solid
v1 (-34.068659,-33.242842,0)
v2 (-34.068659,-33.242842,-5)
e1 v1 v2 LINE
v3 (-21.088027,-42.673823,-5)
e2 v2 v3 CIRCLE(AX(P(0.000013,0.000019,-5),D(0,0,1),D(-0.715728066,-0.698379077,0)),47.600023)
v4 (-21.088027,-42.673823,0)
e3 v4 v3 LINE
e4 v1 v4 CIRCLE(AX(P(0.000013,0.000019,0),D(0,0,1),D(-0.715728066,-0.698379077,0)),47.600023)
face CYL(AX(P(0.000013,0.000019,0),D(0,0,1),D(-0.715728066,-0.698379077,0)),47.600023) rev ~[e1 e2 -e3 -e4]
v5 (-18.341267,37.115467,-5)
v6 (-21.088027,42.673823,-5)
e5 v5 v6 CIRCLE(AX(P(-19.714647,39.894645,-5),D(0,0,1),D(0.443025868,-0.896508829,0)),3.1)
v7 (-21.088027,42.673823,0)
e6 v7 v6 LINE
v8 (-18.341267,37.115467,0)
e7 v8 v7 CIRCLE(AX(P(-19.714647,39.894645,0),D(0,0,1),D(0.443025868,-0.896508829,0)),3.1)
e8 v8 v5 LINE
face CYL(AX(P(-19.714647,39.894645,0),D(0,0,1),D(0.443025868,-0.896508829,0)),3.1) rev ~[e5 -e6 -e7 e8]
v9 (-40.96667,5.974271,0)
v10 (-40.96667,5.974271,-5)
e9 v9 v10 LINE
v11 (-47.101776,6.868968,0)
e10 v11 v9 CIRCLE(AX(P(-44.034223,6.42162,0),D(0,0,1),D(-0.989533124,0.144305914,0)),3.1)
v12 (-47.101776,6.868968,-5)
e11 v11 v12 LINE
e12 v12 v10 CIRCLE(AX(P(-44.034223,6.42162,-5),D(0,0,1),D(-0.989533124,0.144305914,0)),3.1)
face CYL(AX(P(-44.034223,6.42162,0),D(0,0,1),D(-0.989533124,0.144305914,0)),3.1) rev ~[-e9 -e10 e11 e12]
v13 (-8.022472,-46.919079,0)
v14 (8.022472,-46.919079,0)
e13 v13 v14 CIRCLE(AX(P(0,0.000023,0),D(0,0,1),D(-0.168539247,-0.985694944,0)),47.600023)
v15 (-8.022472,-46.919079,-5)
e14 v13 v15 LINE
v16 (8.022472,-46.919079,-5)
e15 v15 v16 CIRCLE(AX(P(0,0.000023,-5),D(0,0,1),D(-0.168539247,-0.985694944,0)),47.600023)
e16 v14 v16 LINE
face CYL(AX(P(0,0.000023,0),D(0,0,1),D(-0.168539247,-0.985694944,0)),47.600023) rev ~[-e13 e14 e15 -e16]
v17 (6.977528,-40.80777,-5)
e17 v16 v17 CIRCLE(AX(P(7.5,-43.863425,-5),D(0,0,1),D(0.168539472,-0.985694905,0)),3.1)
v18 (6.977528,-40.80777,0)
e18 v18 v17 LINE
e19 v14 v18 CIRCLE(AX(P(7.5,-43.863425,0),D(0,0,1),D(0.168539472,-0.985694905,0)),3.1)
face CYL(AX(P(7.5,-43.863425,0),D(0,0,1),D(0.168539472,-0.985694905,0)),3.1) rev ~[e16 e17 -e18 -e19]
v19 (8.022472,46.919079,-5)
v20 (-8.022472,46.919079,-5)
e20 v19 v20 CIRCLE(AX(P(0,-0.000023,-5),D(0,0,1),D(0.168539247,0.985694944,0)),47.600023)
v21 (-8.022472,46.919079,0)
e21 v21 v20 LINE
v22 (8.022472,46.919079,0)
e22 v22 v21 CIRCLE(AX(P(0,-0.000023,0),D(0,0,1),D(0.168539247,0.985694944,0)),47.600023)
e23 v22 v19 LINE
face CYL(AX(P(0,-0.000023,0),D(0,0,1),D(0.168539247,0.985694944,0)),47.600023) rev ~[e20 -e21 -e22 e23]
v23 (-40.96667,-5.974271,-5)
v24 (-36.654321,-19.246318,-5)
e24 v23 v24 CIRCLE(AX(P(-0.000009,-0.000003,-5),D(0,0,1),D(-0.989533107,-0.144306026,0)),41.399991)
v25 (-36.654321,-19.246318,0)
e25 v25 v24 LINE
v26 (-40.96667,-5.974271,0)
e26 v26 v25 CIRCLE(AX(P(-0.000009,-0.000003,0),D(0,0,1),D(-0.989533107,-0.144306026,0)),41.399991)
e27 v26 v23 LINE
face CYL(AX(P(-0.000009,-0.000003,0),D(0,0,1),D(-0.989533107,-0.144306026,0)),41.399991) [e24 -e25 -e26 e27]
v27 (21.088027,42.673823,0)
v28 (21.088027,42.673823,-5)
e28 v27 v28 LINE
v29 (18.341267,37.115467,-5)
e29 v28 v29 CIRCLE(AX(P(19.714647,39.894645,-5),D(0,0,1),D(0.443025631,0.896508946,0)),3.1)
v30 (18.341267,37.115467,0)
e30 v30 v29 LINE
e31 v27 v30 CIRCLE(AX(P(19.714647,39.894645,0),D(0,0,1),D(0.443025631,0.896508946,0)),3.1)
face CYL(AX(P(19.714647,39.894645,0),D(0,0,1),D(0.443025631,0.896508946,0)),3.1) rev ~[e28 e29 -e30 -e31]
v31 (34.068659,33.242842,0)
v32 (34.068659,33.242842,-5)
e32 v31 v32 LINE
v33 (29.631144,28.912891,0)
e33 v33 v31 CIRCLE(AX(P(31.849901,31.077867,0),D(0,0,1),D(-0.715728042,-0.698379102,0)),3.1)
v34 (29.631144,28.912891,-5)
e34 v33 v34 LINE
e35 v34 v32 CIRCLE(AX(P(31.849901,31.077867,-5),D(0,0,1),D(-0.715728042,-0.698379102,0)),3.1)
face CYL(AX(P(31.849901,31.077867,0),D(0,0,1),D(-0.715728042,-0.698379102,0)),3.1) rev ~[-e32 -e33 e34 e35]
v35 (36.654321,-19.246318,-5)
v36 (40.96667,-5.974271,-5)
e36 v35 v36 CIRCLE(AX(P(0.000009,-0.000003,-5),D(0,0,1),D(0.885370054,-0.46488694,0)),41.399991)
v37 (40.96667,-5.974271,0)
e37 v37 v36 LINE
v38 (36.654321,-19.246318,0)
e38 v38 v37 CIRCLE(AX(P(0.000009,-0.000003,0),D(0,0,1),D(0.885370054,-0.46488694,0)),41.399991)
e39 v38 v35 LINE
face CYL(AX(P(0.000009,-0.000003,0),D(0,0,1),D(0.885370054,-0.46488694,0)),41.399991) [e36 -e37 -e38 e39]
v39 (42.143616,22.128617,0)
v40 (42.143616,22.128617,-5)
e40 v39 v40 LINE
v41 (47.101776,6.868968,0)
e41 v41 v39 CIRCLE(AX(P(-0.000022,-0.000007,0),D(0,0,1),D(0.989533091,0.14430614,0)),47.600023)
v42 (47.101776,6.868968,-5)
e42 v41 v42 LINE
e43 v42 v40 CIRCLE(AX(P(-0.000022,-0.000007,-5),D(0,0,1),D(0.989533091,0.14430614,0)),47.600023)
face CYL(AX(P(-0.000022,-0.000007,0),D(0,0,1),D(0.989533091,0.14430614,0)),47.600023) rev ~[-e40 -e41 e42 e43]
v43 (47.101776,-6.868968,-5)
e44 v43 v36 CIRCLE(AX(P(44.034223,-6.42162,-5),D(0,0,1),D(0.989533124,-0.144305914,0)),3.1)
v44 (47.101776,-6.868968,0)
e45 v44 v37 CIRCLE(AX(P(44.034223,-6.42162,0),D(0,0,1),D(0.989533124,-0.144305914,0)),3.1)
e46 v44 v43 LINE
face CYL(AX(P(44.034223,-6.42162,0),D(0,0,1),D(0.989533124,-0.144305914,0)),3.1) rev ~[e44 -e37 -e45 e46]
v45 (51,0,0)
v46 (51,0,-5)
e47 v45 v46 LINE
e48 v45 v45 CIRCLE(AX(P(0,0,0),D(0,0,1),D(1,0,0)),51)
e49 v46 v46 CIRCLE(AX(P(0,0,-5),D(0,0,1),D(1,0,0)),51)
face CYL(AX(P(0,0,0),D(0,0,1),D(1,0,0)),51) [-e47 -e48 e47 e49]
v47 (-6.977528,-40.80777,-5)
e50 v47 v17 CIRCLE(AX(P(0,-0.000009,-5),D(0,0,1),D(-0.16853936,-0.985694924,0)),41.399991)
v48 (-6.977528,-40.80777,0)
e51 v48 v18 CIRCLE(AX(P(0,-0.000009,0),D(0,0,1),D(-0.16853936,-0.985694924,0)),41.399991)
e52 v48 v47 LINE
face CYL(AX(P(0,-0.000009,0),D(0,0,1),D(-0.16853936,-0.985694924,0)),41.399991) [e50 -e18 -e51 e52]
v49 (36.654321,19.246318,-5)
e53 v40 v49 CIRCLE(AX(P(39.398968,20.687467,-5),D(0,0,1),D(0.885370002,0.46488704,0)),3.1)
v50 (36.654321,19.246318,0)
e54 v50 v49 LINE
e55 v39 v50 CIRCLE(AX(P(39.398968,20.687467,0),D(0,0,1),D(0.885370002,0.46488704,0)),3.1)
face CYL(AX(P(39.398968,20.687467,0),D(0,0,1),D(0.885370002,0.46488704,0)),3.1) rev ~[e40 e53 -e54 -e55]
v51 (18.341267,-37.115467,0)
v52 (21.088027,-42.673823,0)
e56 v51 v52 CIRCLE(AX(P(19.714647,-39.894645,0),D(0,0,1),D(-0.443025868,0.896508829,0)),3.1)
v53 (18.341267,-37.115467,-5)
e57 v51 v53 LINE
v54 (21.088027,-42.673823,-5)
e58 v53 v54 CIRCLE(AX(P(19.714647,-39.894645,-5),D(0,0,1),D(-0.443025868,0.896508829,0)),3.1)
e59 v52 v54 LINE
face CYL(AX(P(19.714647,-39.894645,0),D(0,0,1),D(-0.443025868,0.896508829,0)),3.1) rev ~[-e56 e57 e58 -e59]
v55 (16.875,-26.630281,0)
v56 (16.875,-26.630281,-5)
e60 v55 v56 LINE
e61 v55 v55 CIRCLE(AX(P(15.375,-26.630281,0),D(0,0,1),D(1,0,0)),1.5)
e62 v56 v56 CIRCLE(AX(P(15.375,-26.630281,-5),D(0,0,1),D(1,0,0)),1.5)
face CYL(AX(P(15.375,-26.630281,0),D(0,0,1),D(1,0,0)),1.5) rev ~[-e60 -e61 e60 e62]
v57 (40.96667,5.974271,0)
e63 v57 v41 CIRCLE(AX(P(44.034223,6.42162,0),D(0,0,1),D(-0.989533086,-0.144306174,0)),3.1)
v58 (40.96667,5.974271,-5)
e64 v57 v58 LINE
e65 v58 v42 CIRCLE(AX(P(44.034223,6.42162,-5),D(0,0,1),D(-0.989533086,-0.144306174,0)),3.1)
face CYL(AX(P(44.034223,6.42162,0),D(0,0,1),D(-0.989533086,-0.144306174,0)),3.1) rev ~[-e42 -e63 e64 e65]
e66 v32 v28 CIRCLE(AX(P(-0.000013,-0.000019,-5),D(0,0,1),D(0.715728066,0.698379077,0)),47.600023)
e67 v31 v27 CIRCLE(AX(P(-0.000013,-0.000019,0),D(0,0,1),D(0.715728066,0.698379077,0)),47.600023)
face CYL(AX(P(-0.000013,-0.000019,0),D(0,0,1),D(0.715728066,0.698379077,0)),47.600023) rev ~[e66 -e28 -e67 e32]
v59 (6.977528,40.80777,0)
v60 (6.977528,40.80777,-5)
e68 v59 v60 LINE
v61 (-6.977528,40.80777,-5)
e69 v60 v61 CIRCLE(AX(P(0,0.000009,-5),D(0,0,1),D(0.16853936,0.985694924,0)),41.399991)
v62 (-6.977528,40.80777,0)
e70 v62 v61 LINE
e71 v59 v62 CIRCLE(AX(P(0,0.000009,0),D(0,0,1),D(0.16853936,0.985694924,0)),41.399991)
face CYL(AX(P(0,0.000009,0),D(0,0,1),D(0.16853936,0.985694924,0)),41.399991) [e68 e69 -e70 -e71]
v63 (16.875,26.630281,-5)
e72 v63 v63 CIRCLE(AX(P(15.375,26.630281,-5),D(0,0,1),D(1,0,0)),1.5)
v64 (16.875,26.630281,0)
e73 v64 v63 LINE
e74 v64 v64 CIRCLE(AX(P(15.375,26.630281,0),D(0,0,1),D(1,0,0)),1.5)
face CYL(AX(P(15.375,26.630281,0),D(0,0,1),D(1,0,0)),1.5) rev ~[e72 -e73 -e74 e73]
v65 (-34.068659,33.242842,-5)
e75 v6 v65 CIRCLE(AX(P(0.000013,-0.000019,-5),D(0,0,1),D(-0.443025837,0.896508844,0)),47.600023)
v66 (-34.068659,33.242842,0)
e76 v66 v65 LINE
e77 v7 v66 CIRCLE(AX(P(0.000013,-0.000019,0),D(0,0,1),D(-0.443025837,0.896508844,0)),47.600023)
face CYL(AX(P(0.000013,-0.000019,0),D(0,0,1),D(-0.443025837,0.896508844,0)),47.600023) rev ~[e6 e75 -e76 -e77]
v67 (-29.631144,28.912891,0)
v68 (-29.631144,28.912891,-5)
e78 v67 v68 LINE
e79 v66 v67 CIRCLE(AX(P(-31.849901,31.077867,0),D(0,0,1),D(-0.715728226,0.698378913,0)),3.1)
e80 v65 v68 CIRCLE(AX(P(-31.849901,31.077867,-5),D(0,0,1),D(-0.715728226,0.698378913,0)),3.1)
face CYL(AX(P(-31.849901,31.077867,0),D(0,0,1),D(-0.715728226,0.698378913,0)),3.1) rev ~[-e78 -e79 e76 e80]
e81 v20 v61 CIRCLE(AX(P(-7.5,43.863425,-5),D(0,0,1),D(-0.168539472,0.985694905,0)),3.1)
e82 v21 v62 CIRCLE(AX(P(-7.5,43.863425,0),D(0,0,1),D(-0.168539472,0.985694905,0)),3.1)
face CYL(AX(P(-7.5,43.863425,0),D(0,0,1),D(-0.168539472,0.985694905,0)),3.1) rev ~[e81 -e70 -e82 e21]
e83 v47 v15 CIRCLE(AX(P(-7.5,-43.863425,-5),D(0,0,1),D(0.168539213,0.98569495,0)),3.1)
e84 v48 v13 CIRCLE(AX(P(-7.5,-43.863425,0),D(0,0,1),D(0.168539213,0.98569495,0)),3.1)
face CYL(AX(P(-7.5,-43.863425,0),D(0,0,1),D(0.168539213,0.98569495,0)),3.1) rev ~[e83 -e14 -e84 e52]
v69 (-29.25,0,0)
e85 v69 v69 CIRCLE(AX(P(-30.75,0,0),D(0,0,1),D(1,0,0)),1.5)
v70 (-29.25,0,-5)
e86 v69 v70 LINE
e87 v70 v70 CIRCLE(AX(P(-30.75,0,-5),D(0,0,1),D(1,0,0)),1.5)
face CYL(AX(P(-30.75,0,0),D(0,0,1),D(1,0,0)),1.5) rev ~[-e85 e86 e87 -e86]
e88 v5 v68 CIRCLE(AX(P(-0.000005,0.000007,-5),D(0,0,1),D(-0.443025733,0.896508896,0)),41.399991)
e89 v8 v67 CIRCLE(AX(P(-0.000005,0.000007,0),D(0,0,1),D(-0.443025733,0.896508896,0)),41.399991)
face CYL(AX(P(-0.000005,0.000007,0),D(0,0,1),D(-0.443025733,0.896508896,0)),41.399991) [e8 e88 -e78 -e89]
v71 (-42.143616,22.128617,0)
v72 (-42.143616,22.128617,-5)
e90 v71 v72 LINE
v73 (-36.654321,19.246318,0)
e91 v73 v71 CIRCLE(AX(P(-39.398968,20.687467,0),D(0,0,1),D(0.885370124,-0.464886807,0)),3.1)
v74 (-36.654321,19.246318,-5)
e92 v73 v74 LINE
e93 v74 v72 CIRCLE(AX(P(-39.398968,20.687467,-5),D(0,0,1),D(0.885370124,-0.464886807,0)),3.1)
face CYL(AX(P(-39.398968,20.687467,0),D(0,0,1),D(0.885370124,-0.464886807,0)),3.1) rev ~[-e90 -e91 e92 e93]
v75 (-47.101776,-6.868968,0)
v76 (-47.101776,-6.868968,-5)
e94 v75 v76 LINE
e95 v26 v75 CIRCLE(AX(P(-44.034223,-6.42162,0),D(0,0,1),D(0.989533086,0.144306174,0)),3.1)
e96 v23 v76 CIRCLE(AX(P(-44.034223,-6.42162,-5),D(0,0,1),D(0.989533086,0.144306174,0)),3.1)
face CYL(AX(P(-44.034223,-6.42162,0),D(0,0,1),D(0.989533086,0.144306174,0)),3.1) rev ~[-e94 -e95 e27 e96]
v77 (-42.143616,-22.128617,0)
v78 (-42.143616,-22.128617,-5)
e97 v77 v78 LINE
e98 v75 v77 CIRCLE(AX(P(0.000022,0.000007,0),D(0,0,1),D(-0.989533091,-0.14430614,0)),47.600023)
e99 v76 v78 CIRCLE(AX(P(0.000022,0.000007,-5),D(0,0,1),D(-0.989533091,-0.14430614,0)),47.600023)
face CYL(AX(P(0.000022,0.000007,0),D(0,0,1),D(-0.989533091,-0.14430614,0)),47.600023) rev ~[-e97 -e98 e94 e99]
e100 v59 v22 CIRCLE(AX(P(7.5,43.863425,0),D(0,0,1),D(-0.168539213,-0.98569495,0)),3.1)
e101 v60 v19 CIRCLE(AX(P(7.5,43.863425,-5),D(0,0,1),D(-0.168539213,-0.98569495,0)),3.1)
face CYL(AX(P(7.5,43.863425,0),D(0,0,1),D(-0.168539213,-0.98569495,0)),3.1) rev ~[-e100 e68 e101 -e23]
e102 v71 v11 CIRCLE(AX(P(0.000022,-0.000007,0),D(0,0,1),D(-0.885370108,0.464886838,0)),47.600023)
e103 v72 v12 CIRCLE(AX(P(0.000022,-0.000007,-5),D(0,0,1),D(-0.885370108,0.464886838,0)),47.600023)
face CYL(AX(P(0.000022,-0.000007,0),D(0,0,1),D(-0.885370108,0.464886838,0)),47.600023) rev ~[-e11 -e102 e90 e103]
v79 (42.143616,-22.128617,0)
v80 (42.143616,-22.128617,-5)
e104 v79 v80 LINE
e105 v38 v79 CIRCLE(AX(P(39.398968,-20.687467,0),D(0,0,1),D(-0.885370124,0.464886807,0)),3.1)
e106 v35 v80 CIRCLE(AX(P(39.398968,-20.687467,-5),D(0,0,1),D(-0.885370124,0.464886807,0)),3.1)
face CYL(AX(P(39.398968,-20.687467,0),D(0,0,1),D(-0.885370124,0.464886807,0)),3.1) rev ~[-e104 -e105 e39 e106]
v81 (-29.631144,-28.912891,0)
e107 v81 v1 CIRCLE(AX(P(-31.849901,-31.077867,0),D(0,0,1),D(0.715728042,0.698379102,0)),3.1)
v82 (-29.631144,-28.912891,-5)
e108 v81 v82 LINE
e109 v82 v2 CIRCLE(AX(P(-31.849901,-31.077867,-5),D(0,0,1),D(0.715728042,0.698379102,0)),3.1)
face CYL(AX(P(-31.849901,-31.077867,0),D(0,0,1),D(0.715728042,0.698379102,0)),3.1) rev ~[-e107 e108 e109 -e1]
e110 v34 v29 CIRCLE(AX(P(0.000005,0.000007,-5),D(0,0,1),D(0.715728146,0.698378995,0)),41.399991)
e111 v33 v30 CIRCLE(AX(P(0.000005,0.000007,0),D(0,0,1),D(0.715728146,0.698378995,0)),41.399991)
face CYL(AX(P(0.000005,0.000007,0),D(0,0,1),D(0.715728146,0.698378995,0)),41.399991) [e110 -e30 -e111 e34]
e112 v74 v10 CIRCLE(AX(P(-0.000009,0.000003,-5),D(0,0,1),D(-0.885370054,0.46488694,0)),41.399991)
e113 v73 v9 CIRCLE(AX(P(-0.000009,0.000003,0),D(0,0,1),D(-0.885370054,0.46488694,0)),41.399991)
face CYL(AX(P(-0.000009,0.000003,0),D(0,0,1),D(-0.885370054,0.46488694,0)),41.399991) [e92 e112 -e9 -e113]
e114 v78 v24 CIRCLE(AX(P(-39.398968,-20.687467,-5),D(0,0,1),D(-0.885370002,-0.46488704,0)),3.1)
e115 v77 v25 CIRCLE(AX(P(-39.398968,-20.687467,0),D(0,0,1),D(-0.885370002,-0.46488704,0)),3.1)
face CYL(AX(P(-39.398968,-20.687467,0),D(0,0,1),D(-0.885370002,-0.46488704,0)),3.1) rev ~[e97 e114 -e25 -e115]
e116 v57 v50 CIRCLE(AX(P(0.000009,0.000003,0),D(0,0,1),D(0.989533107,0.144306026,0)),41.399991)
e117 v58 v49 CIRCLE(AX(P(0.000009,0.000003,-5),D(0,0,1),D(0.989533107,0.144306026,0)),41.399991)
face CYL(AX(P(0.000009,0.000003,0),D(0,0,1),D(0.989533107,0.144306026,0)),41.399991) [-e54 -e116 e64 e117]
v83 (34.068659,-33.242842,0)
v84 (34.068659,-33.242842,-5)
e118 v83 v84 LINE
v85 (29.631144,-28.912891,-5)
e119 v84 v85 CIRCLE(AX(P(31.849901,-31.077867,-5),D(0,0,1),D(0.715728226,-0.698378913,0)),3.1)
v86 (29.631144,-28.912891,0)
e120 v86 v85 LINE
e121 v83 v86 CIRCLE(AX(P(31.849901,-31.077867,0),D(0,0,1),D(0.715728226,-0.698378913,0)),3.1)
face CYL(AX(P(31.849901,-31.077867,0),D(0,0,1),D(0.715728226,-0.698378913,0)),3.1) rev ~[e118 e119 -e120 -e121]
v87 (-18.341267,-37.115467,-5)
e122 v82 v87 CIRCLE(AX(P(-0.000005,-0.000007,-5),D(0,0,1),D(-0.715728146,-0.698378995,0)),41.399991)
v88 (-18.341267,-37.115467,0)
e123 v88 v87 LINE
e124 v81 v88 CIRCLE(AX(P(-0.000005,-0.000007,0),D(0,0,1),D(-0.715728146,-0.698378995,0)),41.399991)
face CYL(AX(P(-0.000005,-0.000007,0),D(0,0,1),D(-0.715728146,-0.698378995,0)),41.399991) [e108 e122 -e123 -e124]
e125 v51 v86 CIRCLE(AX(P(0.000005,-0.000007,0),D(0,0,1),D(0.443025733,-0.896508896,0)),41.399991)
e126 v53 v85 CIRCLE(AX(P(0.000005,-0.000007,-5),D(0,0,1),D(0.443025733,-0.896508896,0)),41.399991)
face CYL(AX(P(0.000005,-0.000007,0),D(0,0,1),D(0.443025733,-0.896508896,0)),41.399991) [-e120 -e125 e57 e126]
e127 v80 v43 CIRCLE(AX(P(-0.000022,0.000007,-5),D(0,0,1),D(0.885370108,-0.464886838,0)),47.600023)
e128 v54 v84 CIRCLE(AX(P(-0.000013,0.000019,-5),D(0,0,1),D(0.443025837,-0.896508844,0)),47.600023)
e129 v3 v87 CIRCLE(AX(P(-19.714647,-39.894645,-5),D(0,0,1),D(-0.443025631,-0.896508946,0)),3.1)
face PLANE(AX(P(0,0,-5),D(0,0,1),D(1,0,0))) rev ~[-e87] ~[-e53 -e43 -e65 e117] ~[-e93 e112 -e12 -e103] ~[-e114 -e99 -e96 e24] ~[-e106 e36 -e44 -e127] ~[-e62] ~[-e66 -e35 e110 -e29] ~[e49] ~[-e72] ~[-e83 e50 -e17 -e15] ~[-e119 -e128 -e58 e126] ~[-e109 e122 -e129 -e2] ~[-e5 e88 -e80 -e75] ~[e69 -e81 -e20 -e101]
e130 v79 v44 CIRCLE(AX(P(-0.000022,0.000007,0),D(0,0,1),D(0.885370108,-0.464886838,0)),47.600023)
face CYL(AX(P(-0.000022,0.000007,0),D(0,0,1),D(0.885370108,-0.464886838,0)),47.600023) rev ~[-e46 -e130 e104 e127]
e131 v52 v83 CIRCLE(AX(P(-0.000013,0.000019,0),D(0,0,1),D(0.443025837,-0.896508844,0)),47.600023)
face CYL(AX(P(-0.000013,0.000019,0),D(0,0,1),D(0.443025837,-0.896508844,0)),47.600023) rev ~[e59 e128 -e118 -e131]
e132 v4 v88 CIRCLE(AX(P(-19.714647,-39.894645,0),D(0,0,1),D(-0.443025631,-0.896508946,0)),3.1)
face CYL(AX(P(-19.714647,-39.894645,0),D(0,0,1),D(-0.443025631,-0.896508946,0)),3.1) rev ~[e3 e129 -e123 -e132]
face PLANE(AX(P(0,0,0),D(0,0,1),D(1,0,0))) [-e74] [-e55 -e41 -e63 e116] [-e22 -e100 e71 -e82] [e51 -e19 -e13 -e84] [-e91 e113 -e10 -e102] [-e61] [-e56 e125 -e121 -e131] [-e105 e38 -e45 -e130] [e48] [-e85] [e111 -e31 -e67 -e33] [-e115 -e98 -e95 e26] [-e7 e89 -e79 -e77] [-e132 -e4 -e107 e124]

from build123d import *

# Parameters (mm, degrees)
SKETCH015_R        = 51
SKETCH015_R_2      = 1.5
PAD013_DEPTH       = 5
POCKET001_DEPTH    = 5
POLARPATTERN_COUNT = 10


with BuildPart() as part:
    # Sketch015 → Pad013 (new body)
    with BuildSketch(Plane.XY):
        Circle(SKETCH015_R)
        with Locations((15.375, 26.630281)):
            Circle(SKETCH015_R_2, mode=Mode.SUBTRACT)
        with Locations((-30.75, 0)):
            Circle(SKETCH015_R_2, mode=Mode.SUBTRACT)
        with Locations((15.375, -26.630281)):
            Circle(SKETCH015_R_2, mode=Mode.SUBTRACT)
    extrude(amount=-PAD013_DEPTH)

    # Sketch025 → Pocket001 (cut)
    with BuildSketch(Plane.XY):
        with BuildLine():
            ThreePointArc((8.022472, 46.919079), (0, 47.6), (-8.022472, 46.919079))
            ThreePointArc((-8.022472, 46.919079), (-10.555654, 43.340952), (-6.977528, 40.80777))
            ThreePointArc((6.977528, 40.80777), (0, 41.4), (-6.977528, 40.80777))
            ThreePointArc((6.977528, 40.80777), (10.555654, 43.340952), (8.022472, 46.919079))
        make_face()
    pocket001 = extrude(amount=-POCKET001_DEPTH, mode=Mode.SUBTRACT)

    # PolarPattern: Pocket001 ×10 about axis
    polarpattern_axis = Axis((0, 0, 0), (0, 0, 1))
    for i in range(1, POLARPATTERN_COUNT):
        add(pocket001.rotate(polarpattern_axis, i * 360 / POLARPATTERN_COUNT), mode=Mode.SUBTRACT)


solid = part.part
